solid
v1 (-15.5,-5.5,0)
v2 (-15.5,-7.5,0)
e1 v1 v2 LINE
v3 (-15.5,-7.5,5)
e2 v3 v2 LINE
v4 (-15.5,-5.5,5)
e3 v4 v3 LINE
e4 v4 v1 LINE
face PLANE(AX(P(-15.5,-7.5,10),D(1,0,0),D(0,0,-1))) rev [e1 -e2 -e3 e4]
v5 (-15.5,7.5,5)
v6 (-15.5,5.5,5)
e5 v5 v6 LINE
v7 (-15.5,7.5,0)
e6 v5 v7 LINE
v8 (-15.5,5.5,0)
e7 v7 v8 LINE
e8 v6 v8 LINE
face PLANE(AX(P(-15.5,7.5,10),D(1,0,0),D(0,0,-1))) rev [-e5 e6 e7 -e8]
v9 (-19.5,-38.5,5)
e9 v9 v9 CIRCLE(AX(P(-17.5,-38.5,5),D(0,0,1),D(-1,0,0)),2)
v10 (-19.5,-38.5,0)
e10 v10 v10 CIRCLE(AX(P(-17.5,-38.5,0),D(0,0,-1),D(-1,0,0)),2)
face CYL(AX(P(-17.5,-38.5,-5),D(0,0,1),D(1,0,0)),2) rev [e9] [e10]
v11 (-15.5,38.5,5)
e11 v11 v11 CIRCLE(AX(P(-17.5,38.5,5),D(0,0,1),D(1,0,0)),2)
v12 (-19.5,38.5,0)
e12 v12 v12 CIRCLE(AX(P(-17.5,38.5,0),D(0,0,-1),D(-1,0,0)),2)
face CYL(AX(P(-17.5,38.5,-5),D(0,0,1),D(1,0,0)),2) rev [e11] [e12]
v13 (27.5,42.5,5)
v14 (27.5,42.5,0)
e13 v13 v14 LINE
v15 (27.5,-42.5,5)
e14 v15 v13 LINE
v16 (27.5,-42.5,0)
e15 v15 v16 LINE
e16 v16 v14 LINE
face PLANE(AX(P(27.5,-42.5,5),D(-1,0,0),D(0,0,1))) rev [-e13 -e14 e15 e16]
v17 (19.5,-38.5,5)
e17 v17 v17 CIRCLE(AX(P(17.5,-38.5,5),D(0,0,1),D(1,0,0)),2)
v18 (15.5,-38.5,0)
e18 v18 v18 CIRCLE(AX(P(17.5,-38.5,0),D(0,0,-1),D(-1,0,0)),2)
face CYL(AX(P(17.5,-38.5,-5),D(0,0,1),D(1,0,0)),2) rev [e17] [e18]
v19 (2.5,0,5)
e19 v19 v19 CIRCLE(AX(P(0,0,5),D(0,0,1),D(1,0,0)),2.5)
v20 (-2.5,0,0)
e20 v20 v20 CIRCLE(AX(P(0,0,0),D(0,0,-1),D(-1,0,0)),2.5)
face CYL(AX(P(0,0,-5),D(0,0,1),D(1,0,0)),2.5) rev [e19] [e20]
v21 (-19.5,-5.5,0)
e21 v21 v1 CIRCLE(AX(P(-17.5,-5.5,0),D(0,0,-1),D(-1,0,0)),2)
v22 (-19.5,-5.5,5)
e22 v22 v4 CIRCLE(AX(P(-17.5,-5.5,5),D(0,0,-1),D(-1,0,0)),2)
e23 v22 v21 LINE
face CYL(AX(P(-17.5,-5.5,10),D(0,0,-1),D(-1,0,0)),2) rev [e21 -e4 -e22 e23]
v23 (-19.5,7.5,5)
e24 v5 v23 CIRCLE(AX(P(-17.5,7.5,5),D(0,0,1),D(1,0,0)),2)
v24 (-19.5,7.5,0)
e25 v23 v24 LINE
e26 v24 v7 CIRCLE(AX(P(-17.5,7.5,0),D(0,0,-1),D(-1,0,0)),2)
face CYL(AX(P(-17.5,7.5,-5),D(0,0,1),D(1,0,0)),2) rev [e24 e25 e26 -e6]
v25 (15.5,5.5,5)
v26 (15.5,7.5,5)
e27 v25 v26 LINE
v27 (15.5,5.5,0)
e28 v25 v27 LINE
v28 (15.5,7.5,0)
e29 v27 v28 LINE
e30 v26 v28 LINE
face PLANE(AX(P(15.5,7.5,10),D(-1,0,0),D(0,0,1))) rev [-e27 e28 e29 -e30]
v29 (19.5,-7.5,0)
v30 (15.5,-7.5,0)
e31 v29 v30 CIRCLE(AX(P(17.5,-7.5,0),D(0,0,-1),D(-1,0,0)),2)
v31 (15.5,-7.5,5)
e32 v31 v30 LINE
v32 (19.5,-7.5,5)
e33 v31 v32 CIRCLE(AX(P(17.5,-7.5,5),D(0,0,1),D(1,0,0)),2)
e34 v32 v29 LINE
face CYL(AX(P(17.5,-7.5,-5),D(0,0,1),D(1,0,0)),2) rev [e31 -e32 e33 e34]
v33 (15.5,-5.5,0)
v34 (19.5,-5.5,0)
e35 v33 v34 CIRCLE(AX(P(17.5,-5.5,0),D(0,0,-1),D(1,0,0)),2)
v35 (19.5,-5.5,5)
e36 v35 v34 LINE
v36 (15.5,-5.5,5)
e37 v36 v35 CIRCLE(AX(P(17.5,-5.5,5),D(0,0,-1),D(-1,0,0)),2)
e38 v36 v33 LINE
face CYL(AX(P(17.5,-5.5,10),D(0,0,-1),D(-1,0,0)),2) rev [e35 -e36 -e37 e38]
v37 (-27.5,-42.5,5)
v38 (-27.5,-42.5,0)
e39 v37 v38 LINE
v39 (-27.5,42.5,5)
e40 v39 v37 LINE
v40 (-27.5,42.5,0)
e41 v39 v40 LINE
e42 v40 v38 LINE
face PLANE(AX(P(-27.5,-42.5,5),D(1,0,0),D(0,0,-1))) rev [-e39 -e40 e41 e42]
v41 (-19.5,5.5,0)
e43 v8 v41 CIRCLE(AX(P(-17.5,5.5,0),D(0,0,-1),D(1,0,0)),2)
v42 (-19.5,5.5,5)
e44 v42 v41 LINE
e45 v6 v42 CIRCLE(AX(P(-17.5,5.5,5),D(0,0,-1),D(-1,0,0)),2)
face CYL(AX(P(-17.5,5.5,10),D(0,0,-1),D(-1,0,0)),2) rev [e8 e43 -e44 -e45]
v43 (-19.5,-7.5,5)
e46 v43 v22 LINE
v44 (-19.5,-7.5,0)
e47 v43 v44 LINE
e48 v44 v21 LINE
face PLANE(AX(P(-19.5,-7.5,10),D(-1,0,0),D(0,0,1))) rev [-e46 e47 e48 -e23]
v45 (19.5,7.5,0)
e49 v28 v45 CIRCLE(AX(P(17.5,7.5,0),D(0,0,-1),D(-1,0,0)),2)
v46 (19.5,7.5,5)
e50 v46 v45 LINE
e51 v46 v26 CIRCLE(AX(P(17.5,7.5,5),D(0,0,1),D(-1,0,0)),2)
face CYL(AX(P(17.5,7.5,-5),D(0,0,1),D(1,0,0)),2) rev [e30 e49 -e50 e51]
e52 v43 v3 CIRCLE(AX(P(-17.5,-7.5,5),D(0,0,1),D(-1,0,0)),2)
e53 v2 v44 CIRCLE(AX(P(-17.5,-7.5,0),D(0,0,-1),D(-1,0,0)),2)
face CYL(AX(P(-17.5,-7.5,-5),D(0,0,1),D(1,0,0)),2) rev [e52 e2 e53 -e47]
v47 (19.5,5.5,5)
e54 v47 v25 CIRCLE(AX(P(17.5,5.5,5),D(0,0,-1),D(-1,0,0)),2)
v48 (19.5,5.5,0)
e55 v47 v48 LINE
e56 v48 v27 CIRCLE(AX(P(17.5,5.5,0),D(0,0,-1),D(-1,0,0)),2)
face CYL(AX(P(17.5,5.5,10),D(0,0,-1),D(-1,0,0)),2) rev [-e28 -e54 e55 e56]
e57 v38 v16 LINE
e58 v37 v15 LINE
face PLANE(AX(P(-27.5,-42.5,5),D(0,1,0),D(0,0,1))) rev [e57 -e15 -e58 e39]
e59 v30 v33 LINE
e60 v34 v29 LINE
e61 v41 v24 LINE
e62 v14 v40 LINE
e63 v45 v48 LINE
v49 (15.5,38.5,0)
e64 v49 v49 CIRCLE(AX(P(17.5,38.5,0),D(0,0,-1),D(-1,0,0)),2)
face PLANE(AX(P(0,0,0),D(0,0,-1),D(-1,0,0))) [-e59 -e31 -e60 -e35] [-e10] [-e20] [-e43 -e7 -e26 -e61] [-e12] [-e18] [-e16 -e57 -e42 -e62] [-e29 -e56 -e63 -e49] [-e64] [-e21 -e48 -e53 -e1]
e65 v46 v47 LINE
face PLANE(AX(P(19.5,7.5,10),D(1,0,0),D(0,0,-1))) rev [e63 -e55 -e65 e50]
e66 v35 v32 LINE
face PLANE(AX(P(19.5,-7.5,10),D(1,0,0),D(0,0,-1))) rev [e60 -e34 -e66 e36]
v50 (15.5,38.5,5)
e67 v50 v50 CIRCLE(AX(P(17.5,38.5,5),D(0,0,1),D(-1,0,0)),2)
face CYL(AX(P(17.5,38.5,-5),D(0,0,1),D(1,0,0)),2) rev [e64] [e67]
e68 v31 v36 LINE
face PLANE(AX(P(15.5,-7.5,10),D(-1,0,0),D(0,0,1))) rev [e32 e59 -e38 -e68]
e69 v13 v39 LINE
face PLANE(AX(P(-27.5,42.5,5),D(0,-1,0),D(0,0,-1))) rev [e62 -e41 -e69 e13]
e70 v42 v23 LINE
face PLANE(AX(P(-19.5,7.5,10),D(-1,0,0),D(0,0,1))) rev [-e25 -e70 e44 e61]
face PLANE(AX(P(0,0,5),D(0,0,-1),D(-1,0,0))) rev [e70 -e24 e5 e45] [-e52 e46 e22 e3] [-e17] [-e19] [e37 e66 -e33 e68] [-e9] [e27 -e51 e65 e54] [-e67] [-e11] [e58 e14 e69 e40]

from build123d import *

# Parameters (mm, degrees)
ESQUISSE1_W        = 55
ESQUISSE1_H        = 85
BOSS_EXTRU_1_DEPTH = 5
SKETCH1_R          = 2
CUT_EXTRUDE1_DEPTH = 10
CUT_EXTRUDE2_START = -10
CUT_EXTRUDE2_DEPTH = 10
SKETCH3_R          = 2.5
CUT_EXTRUDE3_DEPTH = 10


with BuildPart() as part:
    # Esquisse1 → Boss.-Extru.1 (new body)
    with BuildSketch(Plane.XY):
        Rectangle(ESQUISSE1_W, ESQUISSE1_H)
    extrude(amount=BOSS_EXTRU_1_DEPTH)

    # Sketch1 → Cut-Extrude1 (cut)
    with BuildSketch(Plane.XY.offset(5)):
        with Locations((-17.5, 38.5)):
            Circle(SKETCH1_R)
        with Locations((-17.5, 7.5)):
            Circle(SKETCH1_R)
        with Locations(Location((17.5, 7.5, 0), (0, 0, 180))):
            Circle(SKETCH1_R)
        with Locations(Location((17.5, 38.5, 0), (0, 0, 180))):
            Circle(SKETCH1_R)
        with Locations((17.5, -38.5)):
            Circle(SKETCH1_R)
        with Locations((17.5, -7.5)):
            Circle(SKETCH1_R)
        with Locations(Location((-17.5, -7.5, 0), (0, 0, 180))):
            Circle(SKETCH1_R)
        with Locations(Location((-17.5, -38.5, 0), (0, 0, 180))):
            Circle(SKETCH1_R)
    extrude(amount=-CUT_EXTRUDE1_DEPTH, mode=Mode.SUBTRACT)

    # Sketch2 → Cut-Extrude2 (cut)
    with BuildSketch(Plane(origin=(0, 0, 0), x_dir=(-1, 0, 0), z_dir=(0, 0, -1)).offset(CUT_EXTRUDE2_START)):
        with BuildLine():
            Line((-19.5, 7.5), (-19.5, 5.5))
            ThreePointArc((-19.5, 5.5), (-17.5, 3.5), (-15.5, 5.5))
            Line((-15.5, 5.5), (-15.5, 7.5))
            ThreePointArc((-15.5, 7.5), (-17.5, 9.5), (-19.5, 7.5))
        make_face()
        with BuildLine():
            Line((15.5, 7.5), (15.5, 5.5))
            ThreePointArc((15.5, 5.5), (17.5, 3.5), (19.5, 5.5))
            Line((19.5, 5.5), (19.5, 7.5))
            ThreePointArc((19.5, 7.5), (17.5, 9.5), (15.5, 7.5))
        make_face()
        with BuildLine():
            Line((19.5, -7.5), (19.5, -5.5))
            ThreePointArc((19.5, -5.5), (17.5, -3.5), (15.5, -5.5))
            Line((15.5, -5.5), (15.5, -7.5))
            ThreePointArc((15.5, -7.5), (17.5, -9.5), (19.5, -7.5))
        make_face()
        with BuildLine():
            Line((-15.5, -7.5), (-15.5, -5.5))
            ThreePointArc((-15.5, -5.5), (-17.5, -3.5), (-19.5, -5.5))
            Line((-19.5, -5.5), (-19.5, -7.5))
            ThreePointArc((-19.5, -7.5), (-17.5, -9.5), (-15.5, -7.5))
        make_face()
    extrude(amount=CUT_EXTRUDE2_DEPTH, mode=Mode.SUBTRACT)

    # Sketch3 → Cut-Extrude3 (cut)
    with BuildSketch(Plane.XY.offset(5)):
        Circle(SKETCH3_R)
    extrude(amount=-CUT_EXTRUDE3_DEPTH, mode=Mode.SUBTRACT)


solid = part.part
